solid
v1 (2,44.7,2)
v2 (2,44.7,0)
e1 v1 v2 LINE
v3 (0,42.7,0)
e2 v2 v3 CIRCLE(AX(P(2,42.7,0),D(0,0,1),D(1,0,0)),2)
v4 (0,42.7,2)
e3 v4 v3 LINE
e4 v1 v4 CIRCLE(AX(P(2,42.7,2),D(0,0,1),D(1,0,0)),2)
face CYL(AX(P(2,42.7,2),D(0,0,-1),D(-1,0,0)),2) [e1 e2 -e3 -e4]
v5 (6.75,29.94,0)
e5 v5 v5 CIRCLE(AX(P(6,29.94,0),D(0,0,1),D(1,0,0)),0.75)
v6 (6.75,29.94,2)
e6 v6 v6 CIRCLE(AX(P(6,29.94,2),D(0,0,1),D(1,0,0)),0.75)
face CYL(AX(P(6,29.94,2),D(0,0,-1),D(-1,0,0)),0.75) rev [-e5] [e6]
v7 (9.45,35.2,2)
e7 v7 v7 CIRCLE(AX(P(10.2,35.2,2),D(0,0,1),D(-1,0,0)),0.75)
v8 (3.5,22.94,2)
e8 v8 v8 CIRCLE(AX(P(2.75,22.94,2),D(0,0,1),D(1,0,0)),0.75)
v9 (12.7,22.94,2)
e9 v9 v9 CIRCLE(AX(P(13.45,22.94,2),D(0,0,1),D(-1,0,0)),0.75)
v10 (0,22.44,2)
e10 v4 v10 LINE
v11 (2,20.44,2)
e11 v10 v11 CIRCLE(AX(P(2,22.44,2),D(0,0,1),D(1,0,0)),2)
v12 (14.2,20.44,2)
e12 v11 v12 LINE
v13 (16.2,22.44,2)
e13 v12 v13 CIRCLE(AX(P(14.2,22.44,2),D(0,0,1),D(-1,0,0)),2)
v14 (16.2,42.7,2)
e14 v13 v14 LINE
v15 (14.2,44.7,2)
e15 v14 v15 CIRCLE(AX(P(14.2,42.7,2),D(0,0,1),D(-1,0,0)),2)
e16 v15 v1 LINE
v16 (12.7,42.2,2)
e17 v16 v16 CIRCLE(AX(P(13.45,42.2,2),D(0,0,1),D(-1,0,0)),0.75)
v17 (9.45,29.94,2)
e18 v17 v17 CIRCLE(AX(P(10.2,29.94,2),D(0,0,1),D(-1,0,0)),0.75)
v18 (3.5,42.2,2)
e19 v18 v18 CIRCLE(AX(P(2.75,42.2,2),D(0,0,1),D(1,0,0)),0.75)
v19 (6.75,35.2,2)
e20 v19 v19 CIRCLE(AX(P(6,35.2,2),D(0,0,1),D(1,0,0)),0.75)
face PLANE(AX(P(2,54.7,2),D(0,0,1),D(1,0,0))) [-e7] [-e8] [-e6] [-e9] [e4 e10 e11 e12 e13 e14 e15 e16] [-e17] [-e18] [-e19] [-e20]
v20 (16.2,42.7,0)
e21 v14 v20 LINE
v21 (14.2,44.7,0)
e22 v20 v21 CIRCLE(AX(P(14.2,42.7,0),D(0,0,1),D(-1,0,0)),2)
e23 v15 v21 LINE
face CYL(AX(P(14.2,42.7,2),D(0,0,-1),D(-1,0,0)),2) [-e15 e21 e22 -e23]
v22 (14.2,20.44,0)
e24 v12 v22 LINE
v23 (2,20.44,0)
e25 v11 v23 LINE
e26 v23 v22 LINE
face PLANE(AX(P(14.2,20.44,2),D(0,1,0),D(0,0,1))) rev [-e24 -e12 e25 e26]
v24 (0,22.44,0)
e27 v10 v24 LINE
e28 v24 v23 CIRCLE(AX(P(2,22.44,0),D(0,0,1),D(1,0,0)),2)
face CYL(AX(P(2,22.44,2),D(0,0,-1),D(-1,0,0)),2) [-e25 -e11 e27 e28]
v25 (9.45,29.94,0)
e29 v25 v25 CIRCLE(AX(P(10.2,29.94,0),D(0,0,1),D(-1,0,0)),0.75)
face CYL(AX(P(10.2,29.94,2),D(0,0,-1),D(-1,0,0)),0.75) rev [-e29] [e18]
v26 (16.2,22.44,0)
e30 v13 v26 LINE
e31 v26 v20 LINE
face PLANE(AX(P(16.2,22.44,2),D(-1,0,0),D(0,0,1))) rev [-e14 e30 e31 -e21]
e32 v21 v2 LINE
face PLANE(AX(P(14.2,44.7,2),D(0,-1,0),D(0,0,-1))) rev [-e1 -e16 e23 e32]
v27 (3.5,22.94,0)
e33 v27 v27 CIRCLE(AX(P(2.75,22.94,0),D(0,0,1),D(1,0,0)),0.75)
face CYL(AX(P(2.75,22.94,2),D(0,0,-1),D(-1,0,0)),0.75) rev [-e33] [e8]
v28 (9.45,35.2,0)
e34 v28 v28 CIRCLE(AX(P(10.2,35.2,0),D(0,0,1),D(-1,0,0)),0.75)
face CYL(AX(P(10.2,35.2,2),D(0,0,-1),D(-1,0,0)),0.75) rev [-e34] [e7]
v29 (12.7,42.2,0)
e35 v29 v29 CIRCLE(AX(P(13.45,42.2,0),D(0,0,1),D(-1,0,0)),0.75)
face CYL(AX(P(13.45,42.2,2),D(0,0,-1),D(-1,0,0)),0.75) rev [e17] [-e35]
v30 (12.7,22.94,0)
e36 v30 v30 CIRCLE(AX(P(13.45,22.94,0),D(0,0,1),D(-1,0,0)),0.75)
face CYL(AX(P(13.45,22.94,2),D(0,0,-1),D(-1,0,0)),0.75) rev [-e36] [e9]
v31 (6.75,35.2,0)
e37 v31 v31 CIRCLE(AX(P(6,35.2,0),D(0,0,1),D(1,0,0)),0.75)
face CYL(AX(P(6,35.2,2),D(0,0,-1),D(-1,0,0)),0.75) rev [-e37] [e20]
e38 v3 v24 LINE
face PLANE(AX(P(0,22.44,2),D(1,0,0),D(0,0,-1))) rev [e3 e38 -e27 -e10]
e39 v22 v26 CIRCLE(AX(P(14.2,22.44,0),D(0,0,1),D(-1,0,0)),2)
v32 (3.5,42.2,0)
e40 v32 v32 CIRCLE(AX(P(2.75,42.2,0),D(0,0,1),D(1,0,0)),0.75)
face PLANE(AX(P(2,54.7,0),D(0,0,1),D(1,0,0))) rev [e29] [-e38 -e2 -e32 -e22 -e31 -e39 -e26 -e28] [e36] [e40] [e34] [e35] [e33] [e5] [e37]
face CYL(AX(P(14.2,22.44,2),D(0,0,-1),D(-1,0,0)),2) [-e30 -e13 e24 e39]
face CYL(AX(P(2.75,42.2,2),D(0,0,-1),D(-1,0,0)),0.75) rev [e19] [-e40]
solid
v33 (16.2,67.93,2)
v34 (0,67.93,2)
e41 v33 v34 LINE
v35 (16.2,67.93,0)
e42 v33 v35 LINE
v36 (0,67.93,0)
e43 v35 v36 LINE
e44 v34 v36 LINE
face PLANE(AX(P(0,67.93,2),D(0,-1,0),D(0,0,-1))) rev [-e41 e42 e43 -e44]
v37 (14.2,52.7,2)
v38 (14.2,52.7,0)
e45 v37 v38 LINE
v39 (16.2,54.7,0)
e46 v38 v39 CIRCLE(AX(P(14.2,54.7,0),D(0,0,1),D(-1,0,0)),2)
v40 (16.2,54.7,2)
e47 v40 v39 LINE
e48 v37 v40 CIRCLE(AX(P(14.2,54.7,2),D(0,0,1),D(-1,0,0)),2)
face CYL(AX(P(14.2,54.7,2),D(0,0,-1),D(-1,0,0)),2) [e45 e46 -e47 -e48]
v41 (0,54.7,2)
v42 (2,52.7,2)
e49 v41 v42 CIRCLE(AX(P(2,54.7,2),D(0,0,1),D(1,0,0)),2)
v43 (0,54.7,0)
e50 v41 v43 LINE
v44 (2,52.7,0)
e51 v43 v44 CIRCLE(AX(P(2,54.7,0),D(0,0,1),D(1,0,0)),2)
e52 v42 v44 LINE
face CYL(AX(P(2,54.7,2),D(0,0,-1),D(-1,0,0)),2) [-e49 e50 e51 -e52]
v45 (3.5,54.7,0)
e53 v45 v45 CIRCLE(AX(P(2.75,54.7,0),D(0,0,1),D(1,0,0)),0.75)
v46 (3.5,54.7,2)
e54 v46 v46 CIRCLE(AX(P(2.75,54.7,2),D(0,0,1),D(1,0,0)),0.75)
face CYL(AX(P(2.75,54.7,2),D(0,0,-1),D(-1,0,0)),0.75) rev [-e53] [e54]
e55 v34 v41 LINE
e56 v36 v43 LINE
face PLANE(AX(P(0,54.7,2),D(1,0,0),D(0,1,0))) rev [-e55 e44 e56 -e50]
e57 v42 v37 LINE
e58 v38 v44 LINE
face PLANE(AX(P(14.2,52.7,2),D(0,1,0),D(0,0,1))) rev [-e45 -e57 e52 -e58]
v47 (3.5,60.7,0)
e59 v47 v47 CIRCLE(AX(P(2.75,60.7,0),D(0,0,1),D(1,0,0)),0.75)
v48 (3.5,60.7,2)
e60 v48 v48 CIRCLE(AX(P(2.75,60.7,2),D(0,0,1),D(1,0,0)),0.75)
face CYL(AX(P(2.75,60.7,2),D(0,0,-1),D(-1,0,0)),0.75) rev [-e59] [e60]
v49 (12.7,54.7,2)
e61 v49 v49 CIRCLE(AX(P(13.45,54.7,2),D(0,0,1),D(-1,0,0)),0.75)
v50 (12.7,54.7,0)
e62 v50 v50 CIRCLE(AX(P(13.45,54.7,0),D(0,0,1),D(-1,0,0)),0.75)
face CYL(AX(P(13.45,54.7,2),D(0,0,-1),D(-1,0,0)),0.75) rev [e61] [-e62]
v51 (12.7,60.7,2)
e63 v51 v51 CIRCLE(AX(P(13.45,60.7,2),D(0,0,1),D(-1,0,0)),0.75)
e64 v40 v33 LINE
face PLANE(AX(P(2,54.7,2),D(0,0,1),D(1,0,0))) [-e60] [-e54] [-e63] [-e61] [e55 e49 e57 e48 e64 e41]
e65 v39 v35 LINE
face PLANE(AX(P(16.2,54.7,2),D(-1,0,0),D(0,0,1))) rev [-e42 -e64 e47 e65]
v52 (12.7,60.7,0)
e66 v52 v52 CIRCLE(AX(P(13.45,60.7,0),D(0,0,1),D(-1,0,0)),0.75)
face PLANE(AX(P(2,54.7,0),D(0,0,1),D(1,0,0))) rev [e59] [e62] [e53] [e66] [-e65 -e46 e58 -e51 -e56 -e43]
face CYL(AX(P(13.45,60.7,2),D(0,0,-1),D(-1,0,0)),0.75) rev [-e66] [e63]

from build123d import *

# Parameters (mm, degrees)
SKETCH1_R           = 0.75
SKETCH1_W           = 4.2
SKETCH1_H           = 8
BOSS_EXTRUDE1_DEPTH = 2
SKETCH2_W           = 8.2
SKETCH2_H           = 8
CUT_EXTRUDE1_DEPTH  = 2


with BuildPart() as part:
    # Sketch1 → Boss-Extrude1 (new body)
    with BuildSketch(Plane.XY):
        with BuildLine():
            Line((4, 44.7), (4, 52.7))
            Line((4, 52.7), (2, 52.7))
            ThreePointArc((2, 52.7), (0.585786438, 53.285786438), (0, 54.7))
            Line((0, 54.7), (0, 67.93))
            Line((0, 67.93), (16.2, 67.93))
            Line((16.2, 67.93), (16.2, 54.7))
            ThreePointArc((16.2, 54.7), (15.614213562, 53.285786438), (14.2, 52.7))
            Line((14.2, 52.7), (12.2, 52.7))
            Line((12.2, 52.7), (12.2, 44.7))
            Line((12.2, 44.7), (14.2, 44.7))
            ThreePointArc((14.2, 44.7), (15.614213562, 44.114213562), (16.2, 42.7))
            Line((16.2, 42.7), (16.2, 22.44))
            ThreePointArc((16.2, 22.44), (15.614213562, 21.025786438), (14.2, 20.44))
            Line((14.2, 20.44), (12.2, 20.44))
            Line((12.2, 20.44), (12.2, 12.44))
            Line((12.2, 12.44), (10.2, 12.44))
            Line((10.2, 12.44), (10.2, 20.44))
            Line((10.2, 20.44), (6, 20.44))
            Line((6, 20.44), (6, 12.44))
            Line((6, 12.44), (4, 12.44))
            Line((4, 12.44), (4, 20.44))
            Line((4, 20.44), (2, 20.44))
            ThreePointArc((2, 20.44), (0.585786438, 21.025786438), (0, 22.44))
            Line((0, 22.44), (0, 42.7))
            ThreePointArc((0, 42.7), (0.585786438, 44.114213562), (2, 44.7))
            Line((2, 44.7), (4, 44.7))
        make_face()
        with Locations((2.75, 60.7)):
            Circle(SKETCH1_R, mode=Mode.SUBTRACT)
        with Locations(Location((13.45, 54.7, 0), (0, 0, 180))):
            Circle(SKETCH1_R, mode=Mode.SUBTRACT)
        with Locations(Location((13.45, 42.2, 0), (0, 0, 180))):
            Circle(SKETCH1_R, mode=Mode.SUBTRACT)
        with Locations(Location((13.45, 22.94, 0), (0, 0, 180))):
            Circle(SKETCH1_R, mode=Mode.SUBTRACT)
        with Locations(Location((10.2, 29.94, 0), (0, 0, 180))):
            Circle(SKETCH1_R, mode=Mode.SUBTRACT)
        with Locations((6, 35.2)):
            Circle(SKETCH1_R, mode=Mode.SUBTRACT)
        with Locations(Location((13.45, 60.7, 0), (0, 0, 180))):
            Circle(SKETCH1_R, mode=Mode.SUBTRACT)
        with Locations(Location((10.2, 35.2, 0), (0, 0, 180))):
            Circle(SKETCH1_R, mode=Mode.SUBTRACT)
        with Locations((6, 29.94)):
            Circle(SKETCH1_R, mode=Mode.SUBTRACT)
        with Locations((2.75, 22.94)):
            Circle(SKETCH1_R, mode=Mode.SUBTRACT)
        with Locations((2.75, 42.2)):
            Circle(SKETCH1_R, mode=Mode.SUBTRACT)
        with Locations((2.75, 54.7)):
            Circle(SKETCH1_R, mode=Mode.SUBTRACT)
        with Locations((8.1, 48.7)):
            Rectangle(SKETCH1_W, SKETCH1_H, mode=Mode.SUBTRACT)
    extrude(amount=BOSS_EXTRUDE1_DEPTH)

    # Sketch2 → Cut-Extrude1 (cut)
    with BuildSketch(Plane.XY.offset(2)):
        with Locations((8.1, 16.44)):
            Rectangle(SKETCH2_W, SKETCH2_H)
        with Locations((8.1, 48.7)):
            Rectangle(SKETCH2_W, SKETCH2_H)
    extrude(amount=-CUT_EXTRUDE1_DEPTH, mode=Mode.SUBTRACT)


with BuildPart() as cut_extrude1_piece_1:
    # of the separate pieces the step leaves, piece 1, a body of its own (cut_extrude1_pieces)
    add(part.part.solids().sort_by_distance((0, 42.7, 0))[0])


with BuildPart() as cut_extrude1_piece_2:
    # of the separate pieces the step leaves, piece 2, a body of its own (cut_extrude1_pieces)
    add(part.part.solids().sort_by_distance((2, 52.7, 0))[0])


solid = Compound([cut_extrude1_piece_1.part, cut_extrude1_piece_2.part])
